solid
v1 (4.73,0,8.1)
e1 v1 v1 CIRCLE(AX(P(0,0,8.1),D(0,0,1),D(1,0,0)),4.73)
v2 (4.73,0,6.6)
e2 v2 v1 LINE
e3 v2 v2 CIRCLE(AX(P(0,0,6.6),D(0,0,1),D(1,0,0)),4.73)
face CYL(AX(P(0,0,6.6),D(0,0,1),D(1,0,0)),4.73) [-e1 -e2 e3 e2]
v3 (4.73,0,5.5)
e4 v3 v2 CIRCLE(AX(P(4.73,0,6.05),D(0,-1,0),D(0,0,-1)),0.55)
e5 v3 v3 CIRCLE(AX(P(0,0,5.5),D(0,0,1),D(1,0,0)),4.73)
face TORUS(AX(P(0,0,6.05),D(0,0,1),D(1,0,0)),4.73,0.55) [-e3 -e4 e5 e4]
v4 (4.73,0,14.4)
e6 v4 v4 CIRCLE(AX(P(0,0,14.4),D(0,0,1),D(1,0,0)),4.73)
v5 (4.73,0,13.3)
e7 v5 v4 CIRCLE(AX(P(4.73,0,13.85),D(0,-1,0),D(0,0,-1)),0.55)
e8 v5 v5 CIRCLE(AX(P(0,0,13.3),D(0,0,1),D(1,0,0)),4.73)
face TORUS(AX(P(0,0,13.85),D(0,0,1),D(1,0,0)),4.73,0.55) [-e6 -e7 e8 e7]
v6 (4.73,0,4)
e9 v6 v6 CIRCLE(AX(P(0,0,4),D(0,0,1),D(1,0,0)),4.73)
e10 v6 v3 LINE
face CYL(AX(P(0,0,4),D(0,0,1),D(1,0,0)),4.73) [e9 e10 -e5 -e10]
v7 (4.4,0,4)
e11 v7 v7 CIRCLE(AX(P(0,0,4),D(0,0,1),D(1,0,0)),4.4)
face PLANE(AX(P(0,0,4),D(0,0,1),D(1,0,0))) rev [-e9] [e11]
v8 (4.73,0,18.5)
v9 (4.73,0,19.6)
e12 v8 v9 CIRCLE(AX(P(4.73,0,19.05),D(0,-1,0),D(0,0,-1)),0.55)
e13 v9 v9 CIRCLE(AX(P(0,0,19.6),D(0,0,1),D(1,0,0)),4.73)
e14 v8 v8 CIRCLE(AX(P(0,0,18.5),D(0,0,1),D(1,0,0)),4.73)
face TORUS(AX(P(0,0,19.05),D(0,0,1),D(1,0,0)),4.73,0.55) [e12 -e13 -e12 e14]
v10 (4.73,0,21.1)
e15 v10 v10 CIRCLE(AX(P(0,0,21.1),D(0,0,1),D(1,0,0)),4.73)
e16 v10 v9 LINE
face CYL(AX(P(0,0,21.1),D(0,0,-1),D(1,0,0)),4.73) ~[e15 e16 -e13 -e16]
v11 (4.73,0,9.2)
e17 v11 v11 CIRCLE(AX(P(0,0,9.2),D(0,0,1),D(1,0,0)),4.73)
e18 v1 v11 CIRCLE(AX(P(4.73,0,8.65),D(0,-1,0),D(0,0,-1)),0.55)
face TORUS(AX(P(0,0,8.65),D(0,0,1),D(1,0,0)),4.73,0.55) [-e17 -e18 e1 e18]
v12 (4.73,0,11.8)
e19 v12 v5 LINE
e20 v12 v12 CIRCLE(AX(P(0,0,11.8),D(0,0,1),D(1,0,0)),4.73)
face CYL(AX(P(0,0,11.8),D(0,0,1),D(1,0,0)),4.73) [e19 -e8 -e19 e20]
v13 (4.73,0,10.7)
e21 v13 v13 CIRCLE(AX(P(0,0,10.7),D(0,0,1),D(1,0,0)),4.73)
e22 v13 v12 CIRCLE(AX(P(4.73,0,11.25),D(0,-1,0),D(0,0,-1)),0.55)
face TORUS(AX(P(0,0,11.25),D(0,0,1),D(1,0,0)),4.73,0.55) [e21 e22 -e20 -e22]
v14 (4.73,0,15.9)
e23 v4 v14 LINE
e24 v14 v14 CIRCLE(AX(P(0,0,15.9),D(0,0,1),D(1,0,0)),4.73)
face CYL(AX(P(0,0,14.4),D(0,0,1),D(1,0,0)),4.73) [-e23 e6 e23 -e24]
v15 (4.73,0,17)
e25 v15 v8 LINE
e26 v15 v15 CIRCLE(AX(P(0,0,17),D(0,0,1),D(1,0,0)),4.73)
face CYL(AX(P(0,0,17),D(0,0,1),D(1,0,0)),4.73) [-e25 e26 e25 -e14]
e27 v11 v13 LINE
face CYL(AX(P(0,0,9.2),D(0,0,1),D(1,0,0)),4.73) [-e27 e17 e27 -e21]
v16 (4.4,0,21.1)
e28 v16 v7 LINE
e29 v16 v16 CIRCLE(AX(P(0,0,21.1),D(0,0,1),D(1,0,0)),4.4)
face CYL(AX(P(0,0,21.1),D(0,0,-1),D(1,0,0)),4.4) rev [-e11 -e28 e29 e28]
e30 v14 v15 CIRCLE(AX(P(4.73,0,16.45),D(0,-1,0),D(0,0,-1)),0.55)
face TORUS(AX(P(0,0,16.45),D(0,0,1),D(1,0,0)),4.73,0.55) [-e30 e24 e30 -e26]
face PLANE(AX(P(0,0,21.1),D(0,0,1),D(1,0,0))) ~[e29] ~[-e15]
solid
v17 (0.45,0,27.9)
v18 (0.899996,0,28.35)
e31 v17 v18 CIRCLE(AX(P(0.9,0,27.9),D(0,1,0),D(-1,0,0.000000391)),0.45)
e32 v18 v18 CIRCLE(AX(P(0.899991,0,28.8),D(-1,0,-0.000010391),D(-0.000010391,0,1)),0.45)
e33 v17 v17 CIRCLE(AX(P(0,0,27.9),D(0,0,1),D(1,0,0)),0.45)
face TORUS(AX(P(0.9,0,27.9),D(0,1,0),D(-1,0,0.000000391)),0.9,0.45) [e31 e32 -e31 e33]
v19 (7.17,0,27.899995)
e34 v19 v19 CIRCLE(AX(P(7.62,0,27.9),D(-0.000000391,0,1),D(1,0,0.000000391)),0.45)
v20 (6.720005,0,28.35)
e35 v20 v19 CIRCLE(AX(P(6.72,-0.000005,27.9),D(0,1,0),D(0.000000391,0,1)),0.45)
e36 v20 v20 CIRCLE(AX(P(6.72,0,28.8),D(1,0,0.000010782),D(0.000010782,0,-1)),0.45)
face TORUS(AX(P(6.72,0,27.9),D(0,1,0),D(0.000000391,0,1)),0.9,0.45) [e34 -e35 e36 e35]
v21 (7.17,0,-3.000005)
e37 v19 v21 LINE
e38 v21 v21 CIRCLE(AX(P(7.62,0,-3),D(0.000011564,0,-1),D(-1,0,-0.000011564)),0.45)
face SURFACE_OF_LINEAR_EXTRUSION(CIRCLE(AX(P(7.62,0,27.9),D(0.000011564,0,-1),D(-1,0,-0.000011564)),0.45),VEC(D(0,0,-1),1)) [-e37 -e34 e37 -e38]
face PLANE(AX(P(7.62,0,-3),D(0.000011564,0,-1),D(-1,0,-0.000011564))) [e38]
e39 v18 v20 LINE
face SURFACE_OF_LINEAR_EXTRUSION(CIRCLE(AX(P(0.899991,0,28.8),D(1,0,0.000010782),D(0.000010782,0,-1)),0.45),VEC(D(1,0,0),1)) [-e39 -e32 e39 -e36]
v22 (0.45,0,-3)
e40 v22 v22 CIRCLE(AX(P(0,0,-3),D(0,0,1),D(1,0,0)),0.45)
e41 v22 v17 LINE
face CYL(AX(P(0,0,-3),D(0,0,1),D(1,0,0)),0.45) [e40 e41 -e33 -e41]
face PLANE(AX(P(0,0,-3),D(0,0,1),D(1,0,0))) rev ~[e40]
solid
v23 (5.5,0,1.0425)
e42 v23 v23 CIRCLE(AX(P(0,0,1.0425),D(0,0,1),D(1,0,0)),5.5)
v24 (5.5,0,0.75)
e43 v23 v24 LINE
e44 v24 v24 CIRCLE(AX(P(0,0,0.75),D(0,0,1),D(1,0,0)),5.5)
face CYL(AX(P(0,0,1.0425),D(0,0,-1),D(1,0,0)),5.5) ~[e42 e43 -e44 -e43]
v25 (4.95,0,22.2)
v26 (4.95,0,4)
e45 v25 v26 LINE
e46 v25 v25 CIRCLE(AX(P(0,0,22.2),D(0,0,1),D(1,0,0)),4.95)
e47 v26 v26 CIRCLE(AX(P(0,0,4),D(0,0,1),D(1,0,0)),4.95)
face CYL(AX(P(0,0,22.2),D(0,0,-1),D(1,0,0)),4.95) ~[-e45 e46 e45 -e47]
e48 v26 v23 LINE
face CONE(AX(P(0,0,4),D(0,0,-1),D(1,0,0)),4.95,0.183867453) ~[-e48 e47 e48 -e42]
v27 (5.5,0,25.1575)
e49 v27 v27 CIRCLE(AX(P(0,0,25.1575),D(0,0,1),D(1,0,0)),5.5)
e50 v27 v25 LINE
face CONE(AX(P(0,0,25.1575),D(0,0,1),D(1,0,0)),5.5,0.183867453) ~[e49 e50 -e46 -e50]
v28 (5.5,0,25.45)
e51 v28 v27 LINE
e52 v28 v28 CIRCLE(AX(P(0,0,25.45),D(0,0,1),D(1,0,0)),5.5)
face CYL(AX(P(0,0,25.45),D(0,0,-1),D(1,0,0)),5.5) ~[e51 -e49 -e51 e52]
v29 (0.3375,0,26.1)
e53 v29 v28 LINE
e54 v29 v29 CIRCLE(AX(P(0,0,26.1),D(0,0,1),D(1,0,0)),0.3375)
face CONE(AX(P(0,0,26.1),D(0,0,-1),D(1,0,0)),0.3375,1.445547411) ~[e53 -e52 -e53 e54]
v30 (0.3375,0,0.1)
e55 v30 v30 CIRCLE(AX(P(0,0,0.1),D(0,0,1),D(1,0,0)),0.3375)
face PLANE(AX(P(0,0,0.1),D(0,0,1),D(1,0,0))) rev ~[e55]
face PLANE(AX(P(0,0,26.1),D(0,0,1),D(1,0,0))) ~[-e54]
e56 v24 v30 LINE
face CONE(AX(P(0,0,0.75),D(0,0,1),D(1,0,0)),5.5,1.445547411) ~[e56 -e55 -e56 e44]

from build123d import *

# Parameters (mm, degrees)
SKETCH_R = 0.45


with BuildPart() as sweep_body:
    # Sweep: sweep along a path in Sketch001
    with BuildLine(Plane.XZ) as sweep_path:
        Line((0, -3), (0, 27.9))
        ThreePointArc((0, 27.9), (0.263601, 28.536393), (0.899991, 28.8))
        Line((0.899991, 28.8), (6.72, 28.8))
        ThreePointArc((6.72, 28.8), (7.356396, 28.536396), (7.62, 27.9))
        Line((7.62, 27.9), (7.62, -3))
    # Sketch → Sweep (sweep)
    with BuildSketch(Plane.XY.offset(-2)):
        Circle(SKETCH_R)
    sweep(path=sweep_path.line)


with BuildPart() as revolution:
    # Sketch002 → Revolution (revolve)
    with BuildSketch(Plane.XZ):
        Polygon((0, 0.1), (0, 26.1), (0.3375, 26.1), (5.5, 25.45), (5.5, 25.1575), (4.95, 22.2), (4.95, 4), (5.5, 1.0425), (5.5, 0.75), (0.3375, 0.1), align=None)
    revolve(axis=Axis((0, 0, 0), (0, 0, 1)))


with BuildPart() as revolution001:
    # Sketch003 → Revolution001 (revolve)
    with BuildSketch(Plane.XZ):
        with BuildLine():
            Line((4.4, 21.1), (4.4, 4))
            Line((4.4, 4), (4.73, 4))
            Line((4.73, 4), (4.73, 5.5))
            ThreePointArc((4.73, 5.5), (5.28, 6.05), (4.73, 6.6))
            Line((4.73, 6.6), (4.73, 8.1))
            ThreePointArc((4.73, 8.1), (5.28, 8.65), (4.73, 9.2))
            Line((4.73, 9.2), (4.73, 10.7))
            ThreePointArc((4.73, 10.7), (5.28, 11.25), (4.73, 11.8))
            Line((4.73, 11.8), (4.73, 13.3))
            ThreePointArc((4.73, 13.3), (5.28, 13.85), (4.73, 14.4))
            Line((4.73, 14.4), (4.73, 15.9))
            ThreePointArc((4.73, 15.9), (5.28, 16.45), (4.73, 17))
            Line((4.73, 17), (4.73, 18.5))
            ThreePointArc((4.73, 18.5), (5.28, 19.05), (4.73, 19.6))
            Line((4.73, 21.1), (4.73, 19.6))
            Line((4.4, 21.1), (4.73, 21.1))
        make_face()
    revolve(axis=Axis((0, 0, 0), (0, 0, 1)))


solid = Compound([sweep_body.part, revolution.part, revolution001.part])
